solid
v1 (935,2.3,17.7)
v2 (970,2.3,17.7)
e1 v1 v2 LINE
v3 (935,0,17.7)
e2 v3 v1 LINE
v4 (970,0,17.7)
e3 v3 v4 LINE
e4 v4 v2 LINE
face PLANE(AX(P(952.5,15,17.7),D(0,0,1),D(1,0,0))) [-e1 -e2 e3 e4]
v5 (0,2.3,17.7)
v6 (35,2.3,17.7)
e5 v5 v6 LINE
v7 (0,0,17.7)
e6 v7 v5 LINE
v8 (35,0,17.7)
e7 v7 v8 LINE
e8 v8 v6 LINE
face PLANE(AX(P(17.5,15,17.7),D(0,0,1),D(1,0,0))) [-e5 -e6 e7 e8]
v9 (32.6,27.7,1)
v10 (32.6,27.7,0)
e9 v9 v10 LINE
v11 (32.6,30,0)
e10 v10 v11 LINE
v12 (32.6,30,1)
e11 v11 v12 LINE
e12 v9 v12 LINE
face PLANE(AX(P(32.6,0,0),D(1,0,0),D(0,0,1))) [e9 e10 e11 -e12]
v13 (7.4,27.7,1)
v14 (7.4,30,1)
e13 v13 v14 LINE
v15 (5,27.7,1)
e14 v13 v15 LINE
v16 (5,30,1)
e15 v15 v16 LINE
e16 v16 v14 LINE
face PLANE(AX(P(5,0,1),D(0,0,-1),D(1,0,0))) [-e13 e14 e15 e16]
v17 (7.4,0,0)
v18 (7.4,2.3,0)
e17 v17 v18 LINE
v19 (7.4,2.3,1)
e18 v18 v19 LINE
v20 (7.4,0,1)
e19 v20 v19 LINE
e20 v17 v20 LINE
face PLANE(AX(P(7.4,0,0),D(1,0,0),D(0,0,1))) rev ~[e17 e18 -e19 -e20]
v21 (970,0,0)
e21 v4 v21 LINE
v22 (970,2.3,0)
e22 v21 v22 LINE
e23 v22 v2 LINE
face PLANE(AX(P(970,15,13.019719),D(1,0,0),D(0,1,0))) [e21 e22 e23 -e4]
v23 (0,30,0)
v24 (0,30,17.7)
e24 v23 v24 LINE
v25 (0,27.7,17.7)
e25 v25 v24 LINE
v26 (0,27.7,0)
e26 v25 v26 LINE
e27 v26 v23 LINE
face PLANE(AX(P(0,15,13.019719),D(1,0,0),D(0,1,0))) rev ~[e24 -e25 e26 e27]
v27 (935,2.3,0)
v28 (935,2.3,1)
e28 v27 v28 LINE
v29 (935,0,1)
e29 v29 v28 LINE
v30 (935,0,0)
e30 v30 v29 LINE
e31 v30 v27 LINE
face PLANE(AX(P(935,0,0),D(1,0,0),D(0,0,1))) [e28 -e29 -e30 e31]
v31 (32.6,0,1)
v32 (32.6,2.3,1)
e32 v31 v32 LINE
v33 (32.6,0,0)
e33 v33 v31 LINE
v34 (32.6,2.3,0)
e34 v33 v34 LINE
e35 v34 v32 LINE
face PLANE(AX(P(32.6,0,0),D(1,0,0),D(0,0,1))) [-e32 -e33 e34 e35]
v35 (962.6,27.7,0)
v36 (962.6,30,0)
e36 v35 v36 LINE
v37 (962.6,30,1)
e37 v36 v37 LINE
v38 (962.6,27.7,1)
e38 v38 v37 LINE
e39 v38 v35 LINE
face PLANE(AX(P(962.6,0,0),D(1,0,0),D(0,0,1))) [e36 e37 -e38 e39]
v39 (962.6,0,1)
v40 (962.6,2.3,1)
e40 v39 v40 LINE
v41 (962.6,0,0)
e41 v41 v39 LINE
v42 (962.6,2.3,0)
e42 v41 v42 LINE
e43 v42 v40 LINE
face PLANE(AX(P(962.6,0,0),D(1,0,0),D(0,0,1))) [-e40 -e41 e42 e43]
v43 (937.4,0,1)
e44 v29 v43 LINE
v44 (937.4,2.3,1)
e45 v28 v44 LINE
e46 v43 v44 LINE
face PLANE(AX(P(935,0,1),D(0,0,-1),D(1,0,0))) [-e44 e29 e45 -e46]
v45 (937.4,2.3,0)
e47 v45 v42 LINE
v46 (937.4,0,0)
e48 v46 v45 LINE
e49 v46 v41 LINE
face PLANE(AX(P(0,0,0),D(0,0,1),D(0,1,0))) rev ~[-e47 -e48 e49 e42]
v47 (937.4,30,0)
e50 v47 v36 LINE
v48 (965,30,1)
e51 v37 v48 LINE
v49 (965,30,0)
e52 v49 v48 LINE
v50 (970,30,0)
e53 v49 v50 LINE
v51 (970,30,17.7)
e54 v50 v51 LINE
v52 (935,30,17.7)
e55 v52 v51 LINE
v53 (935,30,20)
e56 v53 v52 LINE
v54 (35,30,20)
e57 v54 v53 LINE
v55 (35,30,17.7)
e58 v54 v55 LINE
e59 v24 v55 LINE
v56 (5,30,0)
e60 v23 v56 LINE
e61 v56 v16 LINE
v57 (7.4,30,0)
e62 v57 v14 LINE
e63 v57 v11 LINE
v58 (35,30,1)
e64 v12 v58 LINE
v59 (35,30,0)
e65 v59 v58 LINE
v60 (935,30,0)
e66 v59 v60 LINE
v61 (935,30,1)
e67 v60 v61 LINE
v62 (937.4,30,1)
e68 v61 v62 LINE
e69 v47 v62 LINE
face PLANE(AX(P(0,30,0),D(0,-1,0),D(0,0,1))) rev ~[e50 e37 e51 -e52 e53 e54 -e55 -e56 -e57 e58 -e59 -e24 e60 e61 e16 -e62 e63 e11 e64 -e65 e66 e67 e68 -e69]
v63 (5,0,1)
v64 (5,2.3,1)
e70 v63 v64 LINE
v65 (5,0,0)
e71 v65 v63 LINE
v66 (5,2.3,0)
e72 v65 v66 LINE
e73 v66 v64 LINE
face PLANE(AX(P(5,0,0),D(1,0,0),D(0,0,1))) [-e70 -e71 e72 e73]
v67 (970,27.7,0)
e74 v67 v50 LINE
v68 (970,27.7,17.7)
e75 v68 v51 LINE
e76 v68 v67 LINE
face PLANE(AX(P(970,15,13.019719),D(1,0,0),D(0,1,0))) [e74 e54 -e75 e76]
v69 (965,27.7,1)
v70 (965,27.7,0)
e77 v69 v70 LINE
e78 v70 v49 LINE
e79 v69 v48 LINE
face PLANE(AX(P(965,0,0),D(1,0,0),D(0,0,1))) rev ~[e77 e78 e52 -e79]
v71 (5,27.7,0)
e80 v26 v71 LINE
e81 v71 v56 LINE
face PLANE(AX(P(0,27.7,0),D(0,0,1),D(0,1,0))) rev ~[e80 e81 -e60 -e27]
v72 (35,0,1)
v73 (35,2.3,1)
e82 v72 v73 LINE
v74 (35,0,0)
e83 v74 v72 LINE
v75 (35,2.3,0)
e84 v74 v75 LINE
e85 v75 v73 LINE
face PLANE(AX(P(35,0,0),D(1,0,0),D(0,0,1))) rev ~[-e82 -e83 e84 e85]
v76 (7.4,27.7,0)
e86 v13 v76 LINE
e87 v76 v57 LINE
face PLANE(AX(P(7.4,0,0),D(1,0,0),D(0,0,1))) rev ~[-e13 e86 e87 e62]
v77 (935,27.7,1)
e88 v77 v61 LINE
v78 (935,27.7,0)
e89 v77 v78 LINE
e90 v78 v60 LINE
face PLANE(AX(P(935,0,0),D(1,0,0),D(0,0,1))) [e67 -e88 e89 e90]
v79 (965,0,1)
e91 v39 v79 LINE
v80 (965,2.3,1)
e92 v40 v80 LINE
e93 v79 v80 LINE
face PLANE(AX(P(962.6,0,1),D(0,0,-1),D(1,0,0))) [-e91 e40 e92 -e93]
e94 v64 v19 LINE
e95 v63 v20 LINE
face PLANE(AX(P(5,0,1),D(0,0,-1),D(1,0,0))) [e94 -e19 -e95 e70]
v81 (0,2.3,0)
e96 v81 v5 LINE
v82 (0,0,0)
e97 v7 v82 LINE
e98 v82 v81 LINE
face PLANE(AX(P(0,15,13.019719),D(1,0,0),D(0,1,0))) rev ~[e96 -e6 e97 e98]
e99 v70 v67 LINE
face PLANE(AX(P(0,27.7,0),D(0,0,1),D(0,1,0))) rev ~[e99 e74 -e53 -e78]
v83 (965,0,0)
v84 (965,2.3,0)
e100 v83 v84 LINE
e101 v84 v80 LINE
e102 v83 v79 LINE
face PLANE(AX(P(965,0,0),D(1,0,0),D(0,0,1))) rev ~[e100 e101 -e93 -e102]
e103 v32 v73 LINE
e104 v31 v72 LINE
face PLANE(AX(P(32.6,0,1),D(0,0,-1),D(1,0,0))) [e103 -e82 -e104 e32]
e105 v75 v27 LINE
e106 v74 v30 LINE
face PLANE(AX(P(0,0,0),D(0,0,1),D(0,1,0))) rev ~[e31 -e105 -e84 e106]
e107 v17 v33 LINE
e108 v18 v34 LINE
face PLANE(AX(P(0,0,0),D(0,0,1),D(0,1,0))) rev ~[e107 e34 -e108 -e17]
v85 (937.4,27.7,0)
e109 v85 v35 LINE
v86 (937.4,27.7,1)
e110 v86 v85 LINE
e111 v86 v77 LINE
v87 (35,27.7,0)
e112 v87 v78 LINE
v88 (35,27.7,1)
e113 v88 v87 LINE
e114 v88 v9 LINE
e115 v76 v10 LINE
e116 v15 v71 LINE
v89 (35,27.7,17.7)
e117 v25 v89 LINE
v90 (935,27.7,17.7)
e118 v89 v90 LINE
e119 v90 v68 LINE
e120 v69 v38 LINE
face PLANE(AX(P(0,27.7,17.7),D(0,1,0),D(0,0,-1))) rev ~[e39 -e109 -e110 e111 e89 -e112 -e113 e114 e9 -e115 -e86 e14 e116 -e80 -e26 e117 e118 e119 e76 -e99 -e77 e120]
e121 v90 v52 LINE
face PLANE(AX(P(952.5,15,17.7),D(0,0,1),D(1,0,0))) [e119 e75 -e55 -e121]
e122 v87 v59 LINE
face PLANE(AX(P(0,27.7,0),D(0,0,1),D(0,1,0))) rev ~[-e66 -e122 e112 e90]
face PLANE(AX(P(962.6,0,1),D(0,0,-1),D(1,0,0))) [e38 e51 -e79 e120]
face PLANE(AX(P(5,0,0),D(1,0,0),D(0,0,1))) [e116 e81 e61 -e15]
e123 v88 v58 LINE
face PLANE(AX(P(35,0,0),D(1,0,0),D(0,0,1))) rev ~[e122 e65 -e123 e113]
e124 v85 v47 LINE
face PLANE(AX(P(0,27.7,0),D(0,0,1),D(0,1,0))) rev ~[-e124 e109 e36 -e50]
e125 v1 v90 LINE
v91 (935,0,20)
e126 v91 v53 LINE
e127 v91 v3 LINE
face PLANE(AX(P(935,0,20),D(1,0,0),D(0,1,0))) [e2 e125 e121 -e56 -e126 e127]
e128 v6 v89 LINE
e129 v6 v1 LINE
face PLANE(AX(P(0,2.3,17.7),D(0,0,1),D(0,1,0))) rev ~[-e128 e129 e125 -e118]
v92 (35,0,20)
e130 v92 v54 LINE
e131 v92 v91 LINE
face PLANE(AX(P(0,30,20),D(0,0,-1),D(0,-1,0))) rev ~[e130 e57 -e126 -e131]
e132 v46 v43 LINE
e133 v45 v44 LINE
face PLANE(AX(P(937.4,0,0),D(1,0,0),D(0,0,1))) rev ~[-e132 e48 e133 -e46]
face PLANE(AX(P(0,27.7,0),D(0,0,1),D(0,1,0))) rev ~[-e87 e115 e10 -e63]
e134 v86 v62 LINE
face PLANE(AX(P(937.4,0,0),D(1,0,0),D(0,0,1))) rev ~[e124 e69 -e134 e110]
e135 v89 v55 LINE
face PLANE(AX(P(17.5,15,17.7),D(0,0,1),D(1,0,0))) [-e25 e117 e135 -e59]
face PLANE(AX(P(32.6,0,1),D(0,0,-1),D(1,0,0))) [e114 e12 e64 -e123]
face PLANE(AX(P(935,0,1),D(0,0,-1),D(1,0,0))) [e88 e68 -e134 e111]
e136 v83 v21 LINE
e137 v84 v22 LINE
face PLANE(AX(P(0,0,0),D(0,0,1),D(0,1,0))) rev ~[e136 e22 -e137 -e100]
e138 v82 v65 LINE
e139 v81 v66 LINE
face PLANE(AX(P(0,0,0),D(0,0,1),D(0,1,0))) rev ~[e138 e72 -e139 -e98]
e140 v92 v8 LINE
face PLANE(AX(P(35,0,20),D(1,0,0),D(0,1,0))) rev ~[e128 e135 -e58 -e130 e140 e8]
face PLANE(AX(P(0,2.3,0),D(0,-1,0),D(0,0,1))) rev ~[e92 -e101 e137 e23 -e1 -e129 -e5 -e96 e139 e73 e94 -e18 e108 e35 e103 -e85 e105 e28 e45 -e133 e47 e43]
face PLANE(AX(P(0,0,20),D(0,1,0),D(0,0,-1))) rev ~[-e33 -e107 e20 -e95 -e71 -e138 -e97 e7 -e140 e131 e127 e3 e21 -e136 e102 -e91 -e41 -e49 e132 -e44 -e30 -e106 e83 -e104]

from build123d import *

# Parameters (mm, degrees)
F1_DEPTH = 970
F2_W     = 35
F2_H     = 30
F3_DEPTH = 2.3
F4_W     = 2.4
F4_H     = 1
F5_DEPTH = 30.001


with BuildPart() as f1:
    # F0 (on Right) → F1 (new body)
    with BuildSketch(Plane.YZ):
        Polygon((0, 20), (0, 0), (2.3, 0), (2.3, 17.7), (27.7, 17.7), (27.7, 0), (30, 0), (30, 20), align=None)
    extrude(amount=F1_DEPTH)

    # F2 (on face) → F3 (cut)
    with BuildSketch(Plane.XY.offset(20)):
        with Locations((17.5, 15)):
            Rectangle(F2_W, F2_H)
        with Locations((952.5, 15)):
            Rectangle(F2_W, F2_H)
    extrude(amount=-F3_DEPTH, mode=Mode.SUBTRACT)

    # F4 (on face) → F5 (cut, through all)
    with BuildSketch(Plane.XZ):
        with Locations((33.8, 0.5)):
            Rectangle(F4_W, F4_H)
        with Locations((6.2, 0.5)):
            Rectangle(F4_W, F4_H)
        with Locations((936.2, 0.5)):
            Rectangle(F4_W, F4_H)
        with Locations((963.8, 0.5)):
            Rectangle(F4_W, F4_H)
    extrude(amount=-F5_DEPTH, mode=Mode.SUBTRACT)


solid = f1.part
